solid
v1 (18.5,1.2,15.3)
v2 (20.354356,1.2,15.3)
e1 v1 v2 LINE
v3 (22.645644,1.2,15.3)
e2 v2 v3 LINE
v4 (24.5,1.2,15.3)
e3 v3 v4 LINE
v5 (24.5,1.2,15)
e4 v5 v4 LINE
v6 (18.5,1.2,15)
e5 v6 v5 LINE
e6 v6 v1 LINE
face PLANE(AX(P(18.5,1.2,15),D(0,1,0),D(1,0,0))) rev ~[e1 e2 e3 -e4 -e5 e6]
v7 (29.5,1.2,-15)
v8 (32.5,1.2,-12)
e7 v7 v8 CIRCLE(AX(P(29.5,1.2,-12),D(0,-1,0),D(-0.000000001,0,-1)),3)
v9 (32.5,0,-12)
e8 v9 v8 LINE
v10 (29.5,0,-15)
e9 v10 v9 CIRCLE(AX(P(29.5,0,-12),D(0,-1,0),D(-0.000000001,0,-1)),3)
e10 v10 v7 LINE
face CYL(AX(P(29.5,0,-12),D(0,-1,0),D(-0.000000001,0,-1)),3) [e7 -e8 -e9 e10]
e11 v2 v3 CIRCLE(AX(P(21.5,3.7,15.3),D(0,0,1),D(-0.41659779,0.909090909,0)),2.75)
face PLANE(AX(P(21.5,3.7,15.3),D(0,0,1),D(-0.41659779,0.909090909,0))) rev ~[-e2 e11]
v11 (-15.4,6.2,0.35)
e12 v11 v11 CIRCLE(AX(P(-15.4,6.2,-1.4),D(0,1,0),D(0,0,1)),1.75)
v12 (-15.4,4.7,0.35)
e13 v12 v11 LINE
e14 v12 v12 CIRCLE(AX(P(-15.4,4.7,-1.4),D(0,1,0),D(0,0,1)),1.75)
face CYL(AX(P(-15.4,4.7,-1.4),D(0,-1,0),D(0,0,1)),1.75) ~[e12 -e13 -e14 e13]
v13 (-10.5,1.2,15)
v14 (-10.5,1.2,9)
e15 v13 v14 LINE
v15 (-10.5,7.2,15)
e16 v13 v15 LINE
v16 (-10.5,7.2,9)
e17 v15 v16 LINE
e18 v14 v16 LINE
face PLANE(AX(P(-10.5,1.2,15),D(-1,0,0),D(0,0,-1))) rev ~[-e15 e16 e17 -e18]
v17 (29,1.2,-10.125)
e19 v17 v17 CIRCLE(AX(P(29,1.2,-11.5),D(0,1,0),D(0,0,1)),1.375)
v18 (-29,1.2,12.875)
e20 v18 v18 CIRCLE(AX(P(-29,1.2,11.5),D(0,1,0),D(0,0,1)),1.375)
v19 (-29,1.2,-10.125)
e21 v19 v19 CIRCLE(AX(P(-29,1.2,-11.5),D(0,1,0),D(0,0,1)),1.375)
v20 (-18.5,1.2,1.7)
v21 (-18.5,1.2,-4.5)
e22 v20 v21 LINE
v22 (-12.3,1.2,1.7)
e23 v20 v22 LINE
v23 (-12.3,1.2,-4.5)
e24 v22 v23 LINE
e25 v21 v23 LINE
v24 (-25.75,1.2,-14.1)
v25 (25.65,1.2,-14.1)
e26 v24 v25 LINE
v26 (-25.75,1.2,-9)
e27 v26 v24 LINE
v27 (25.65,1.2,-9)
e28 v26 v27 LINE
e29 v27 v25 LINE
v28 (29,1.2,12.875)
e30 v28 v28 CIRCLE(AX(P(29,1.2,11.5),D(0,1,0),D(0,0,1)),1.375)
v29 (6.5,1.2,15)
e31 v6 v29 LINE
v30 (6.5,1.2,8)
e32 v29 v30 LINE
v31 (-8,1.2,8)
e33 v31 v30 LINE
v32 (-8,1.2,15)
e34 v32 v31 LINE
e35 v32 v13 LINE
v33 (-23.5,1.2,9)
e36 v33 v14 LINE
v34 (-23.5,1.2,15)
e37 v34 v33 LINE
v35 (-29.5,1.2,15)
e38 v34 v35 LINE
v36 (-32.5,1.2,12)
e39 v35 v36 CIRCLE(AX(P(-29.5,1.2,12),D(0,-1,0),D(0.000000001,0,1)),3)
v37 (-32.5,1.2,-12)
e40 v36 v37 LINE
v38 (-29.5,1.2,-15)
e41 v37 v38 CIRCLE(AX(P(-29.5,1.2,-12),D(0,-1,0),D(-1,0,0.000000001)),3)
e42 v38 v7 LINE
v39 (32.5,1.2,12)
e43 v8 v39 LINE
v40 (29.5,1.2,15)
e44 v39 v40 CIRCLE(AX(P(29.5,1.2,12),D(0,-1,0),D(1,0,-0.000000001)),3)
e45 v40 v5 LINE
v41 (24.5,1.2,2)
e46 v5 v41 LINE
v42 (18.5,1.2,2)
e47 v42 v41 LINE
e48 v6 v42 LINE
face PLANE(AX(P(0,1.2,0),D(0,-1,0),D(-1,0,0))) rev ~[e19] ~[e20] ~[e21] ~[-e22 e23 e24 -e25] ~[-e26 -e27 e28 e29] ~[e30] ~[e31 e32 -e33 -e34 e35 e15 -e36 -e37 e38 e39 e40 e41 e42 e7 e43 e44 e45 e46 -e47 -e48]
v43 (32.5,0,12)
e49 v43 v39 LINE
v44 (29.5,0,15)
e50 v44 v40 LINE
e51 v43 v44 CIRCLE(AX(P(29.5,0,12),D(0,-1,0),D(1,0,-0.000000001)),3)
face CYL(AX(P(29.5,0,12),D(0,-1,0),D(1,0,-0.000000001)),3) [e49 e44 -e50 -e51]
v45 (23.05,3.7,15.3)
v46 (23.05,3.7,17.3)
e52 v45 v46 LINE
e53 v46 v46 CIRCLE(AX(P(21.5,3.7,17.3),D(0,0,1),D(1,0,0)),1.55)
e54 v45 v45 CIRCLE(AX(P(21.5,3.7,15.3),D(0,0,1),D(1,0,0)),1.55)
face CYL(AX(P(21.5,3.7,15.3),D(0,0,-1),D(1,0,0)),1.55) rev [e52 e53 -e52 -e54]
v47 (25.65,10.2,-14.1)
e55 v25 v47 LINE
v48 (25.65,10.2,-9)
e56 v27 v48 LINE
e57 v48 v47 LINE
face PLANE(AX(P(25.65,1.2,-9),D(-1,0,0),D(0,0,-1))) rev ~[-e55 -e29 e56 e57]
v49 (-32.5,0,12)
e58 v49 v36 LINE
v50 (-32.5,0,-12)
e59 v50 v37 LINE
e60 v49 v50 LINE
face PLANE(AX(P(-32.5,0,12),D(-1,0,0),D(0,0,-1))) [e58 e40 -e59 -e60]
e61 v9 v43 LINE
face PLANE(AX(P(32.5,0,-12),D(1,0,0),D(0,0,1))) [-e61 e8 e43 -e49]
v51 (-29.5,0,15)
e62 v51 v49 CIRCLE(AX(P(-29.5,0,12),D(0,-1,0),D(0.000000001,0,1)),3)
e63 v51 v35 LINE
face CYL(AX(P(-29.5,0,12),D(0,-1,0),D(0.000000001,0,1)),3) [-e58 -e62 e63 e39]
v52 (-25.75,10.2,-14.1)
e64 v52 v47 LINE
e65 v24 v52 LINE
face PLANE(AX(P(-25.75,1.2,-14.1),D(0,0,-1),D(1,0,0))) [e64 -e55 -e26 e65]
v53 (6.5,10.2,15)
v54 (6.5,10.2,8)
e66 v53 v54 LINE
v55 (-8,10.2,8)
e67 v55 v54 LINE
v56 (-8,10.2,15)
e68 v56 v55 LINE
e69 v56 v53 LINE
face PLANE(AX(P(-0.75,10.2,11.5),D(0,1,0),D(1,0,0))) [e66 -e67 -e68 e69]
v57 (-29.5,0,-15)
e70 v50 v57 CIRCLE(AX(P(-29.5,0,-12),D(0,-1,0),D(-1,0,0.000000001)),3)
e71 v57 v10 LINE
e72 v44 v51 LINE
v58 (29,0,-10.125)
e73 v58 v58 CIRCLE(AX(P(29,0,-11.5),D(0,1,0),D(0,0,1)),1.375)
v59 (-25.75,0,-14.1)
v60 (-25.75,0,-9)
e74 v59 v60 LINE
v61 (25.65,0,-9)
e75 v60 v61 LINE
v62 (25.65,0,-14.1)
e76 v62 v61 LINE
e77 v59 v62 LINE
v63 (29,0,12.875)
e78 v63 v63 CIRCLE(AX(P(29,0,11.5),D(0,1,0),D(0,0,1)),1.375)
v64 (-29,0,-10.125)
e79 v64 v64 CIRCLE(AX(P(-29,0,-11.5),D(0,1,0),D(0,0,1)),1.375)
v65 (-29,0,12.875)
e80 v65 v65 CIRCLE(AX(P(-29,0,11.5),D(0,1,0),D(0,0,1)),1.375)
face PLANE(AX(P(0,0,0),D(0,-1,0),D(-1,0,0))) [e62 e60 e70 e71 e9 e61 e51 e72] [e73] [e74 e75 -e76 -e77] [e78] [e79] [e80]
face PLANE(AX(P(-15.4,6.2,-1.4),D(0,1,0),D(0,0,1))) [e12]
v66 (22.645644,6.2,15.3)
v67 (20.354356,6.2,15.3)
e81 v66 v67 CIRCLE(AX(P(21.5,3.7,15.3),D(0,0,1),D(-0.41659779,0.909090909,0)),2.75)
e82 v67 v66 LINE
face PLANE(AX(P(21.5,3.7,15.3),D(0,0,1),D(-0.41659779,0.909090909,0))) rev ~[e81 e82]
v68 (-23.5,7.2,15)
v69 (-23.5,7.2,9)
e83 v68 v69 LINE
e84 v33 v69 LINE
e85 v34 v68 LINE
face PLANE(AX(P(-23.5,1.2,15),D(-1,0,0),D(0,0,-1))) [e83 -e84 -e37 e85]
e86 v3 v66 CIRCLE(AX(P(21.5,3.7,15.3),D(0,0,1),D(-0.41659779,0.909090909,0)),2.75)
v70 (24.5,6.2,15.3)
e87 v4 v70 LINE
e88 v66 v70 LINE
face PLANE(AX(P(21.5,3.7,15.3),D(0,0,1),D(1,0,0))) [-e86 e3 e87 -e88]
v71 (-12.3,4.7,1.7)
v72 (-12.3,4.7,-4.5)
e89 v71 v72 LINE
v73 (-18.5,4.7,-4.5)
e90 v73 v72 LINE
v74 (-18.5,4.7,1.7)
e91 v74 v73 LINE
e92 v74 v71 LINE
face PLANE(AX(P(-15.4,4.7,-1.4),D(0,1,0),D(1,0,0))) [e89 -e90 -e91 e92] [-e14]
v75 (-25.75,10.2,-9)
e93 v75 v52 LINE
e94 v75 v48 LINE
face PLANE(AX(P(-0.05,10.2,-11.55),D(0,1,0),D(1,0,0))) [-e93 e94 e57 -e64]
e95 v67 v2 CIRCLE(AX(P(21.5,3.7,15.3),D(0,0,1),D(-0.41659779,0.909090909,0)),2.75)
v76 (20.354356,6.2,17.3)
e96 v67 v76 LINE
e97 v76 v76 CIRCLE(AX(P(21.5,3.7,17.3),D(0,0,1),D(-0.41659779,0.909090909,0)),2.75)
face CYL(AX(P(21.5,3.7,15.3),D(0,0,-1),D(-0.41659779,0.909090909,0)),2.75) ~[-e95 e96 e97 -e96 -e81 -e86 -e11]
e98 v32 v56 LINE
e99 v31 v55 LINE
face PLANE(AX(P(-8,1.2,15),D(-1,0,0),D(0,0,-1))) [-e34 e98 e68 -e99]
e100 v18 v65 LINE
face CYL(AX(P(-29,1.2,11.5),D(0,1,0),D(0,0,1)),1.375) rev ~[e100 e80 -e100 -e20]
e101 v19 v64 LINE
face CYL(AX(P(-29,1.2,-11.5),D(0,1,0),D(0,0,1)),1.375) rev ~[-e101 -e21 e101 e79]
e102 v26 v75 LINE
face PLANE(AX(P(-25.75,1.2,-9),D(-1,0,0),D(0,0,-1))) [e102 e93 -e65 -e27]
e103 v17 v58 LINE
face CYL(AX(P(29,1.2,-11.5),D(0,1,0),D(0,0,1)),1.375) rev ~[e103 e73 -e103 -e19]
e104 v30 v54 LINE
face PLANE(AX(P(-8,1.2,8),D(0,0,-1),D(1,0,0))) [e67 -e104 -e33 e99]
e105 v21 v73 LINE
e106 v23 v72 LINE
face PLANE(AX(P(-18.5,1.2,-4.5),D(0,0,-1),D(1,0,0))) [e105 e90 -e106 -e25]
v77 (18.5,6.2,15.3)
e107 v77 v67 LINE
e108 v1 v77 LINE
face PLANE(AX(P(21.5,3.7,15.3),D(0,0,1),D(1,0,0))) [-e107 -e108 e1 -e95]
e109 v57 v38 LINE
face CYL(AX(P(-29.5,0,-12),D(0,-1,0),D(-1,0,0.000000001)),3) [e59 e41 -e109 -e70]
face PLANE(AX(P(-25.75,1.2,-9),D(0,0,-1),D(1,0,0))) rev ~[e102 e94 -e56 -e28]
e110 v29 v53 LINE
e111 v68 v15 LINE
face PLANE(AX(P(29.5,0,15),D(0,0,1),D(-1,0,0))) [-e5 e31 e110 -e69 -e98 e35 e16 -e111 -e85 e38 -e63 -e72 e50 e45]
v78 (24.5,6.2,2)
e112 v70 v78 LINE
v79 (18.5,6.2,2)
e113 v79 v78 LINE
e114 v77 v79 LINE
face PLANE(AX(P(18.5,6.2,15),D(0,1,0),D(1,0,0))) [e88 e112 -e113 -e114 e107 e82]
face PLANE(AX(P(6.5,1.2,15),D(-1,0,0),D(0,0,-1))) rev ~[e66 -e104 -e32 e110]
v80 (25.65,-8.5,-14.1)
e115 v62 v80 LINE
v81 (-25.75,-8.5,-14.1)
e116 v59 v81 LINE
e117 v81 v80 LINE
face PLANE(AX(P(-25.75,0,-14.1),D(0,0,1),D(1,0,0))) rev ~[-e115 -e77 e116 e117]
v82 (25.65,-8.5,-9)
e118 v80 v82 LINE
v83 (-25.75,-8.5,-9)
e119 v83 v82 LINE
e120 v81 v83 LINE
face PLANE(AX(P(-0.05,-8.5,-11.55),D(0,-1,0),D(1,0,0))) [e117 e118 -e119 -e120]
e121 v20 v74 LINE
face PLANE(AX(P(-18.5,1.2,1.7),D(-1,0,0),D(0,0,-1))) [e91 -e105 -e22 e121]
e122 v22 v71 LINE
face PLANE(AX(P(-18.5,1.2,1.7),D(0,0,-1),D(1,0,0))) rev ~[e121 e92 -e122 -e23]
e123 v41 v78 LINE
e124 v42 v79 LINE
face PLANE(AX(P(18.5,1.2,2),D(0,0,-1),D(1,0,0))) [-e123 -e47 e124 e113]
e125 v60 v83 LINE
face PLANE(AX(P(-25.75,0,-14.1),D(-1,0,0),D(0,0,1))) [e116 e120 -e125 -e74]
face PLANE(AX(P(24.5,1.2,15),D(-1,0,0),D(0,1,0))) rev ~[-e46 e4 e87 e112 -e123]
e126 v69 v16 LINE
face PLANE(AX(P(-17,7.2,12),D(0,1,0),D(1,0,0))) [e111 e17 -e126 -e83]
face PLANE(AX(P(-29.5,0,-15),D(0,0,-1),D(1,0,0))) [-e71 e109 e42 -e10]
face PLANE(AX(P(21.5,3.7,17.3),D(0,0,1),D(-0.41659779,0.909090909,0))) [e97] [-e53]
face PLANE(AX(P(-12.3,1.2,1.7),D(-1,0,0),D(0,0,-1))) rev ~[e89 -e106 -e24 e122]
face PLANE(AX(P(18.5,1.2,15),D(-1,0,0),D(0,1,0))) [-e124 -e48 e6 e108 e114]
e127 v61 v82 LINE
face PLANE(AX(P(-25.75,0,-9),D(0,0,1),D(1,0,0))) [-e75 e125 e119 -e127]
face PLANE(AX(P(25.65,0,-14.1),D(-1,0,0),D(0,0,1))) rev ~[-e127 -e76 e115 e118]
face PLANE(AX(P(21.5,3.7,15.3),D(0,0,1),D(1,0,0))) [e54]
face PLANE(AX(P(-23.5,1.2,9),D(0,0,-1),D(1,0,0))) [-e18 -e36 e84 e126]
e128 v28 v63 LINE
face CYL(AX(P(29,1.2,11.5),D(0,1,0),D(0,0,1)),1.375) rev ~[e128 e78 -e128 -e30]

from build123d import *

# Parameters (mm, degrees)
EXTRUDE_1_DEPTH     = 1.2
SKETCH_2_R          = 1.375
CUT_EXTRUDE_1_DEPTH = 1.2
SKETCH_3_W          = 6
SKETCH_3_H          = 13
EXTRUDE_2_DEPTH     = 5
SKETCH_4_W          = 6
SKETCH_4_H          = 5
EXTRUDE_3_DEPTH     = 0.3
SKETCH_5_W          = 14.5
SKETCH_5_H          = 7
EXTRUDE_4_DEPTH     = 9
SKETCH_6_W          = 13
SKETCH_6_H          = 6
EXTRUDE_5_DEPTH     = 6
SKETCH_11_W         = 51.4
SKETCH_11_H         = 5.1
EXTRUDE_9_DEPTH     = 8.5
SKETCH_12_W         = 6.2
SKETCH_12_H         = 6.2
EXTRUDE_10_DEPTH    = 3.5
SKETCH_13_R         = 1.75
EXTRUDE_11_DEPTH    = 1.5
SKETCH_15_R         = 2.75
SKETCH_15_R_2       = 1.55
EXTRUDE_13_DEPTH    = 2
SKETCH_16_W         = 51.4
SKETCH_16_H         = 5.1
EXTRUDE_14_DEPTH    = 9


with BuildPart() as part:
    # 草图1 → 凸台-拉伸1 (new body)
    with BuildSketch(Plane(origin=(0, 0, 0), x_dir=(1, 0, 0), z_dir=(0, 1, 0))):
        with BuildLine():
            Line((-29.5, 15), (29.5, 15))
            ThreePointArc((29.5, 15), (31.621320344, 14.121320344), (32.5, 12))
            Line((32.5, 12), (32.5, -12))
            ThreePointArc((32.5, -12), (31.621320344, -14.121320344), (29.5, -15))
            Line((29.5, -15), (-29.5, -15))
            ThreePointArc((-29.5, -15), (-31.621320344, -14.121320344), (-32.5, -12))
            Line((-32.5, -12), (-32.5, 12))
            ThreePointArc((-32.5, 12), (-31.621320344, 14.121320344), (-29.5, 15))
        make_face()
    extrude(amount=EXTRUDE_1_DEPTH)

    # 草图2 → 切除-拉伸1 (cut)
    with BuildSketch(Plane(origin=(0, 1.2, 0), x_dir=(1, 0, 0), z_dir=(0, 1, 0))):
        with Locations(Location((29, -11.5, 0), (0, 0, 270))):
            Circle(SKETCH_2_R)
        with Locations(Location((29, 11.5, 0), (0, 0, 270))):
            Circle(SKETCH_2_R)
        with Locations(Location((-29, -11.5, 0), (0, 0, 270))):
            Circle(SKETCH_2_R)
        with Locations(Location((-29, 11.5, 0), (0, 0, 270))):
            Circle(SKETCH_2_R)
    extrude(amount=-CUT_EXTRUDE_1_DEPTH, mode=Mode.SUBTRACT)

    # 草图3 → 凸台-拉伸2 (add)
    with BuildSketch(Plane(origin=(0, 1.2, 0), x_dir=(1, 0, 0), z_dir=(0, 1, 0))):
        with Locations((21.5, -8.5)):
            Rectangle(SKETCH_3_W, SKETCH_3_H)
    extrude(amount=EXTRUDE_2_DEPTH)

    # 草图4 → 凸台-拉伸3 (add)
    with BuildSketch(Plane.XY.offset(15)):
        with Locations((21.5, 3.7)):
            Rectangle(SKETCH_4_W, SKETCH_4_H)
    extrude(amount=EXTRUDE_3_DEPTH)

    # 草图5 → 凸台-拉伸4 (add)
    with BuildSketch(Plane(origin=(0, 1.2, 0), x_dir=(1, 0, 0), z_dir=(0, 1, 0))):
        with Locations((-0.75, -11.5)):
            Rectangle(SKETCH_5_W, SKETCH_5_H)
    extrude(amount=EXTRUDE_4_DEPTH)

    # 草图6 → 凸台-拉伸5 (add)
    with BuildSketch(Plane(origin=(0, 1.2, 0), x_dir=(1, 0, 0), z_dir=(0, 1, 0))):
        with Locations((-17, -12)):
            Rectangle(SKETCH_6_W, SKETCH_6_H)
    extrude(amount=EXTRUDE_5_DEPTH)

    # 草图11 → 凸台-拉伸9 (add)
    with BuildSketch(Plane.XZ):
        with Locations((-0.05, -11.55)):
            Rectangle(SKETCH_11_W, SKETCH_11_H)
    extrude(amount=EXTRUDE_9_DEPTH)

    # 草图12 → 凸台-拉伸10 (add)
    with BuildSketch(Plane(origin=(0, 1.2, 0), x_dir=(1, 0, 0), z_dir=(0, 1, 0))):
        with Locations((-15.4, 1.4)):
            Rectangle(SKETCH_12_W, SKETCH_12_H)
    extrude(amount=EXTRUDE_10_DEPTH)

    # 草图13 → 凸台-拉伸11 (add)
    with BuildSketch(Plane(origin=(0, 4.7, 0), x_dir=(1, 0, 0), z_dir=(0, 1, 0))):
        with Locations(Location((-15.4, 1.4, 0), (0, 0, 270))):
            Circle(SKETCH_13_R)
    extrude(amount=EXTRUDE_11_DEPTH)

    # 草图15 → 凸台-拉伸13 (add)
    with BuildSketch(Plane.XY.offset(15.3)):
        with Locations(Location((21.5, 3.7, 0), (0, 0, 114.619977329))):
            Circle(SKETCH_15_R)
        with Locations((21.5, 3.7)):
            Circle(SKETCH_15_R_2, mode=Mode.SUBTRACT)
    extrude(amount=EXTRUDE_13_DEPTH)

    # 草图16 → 凸台-拉伸14 (add)
    with BuildSketch(Plane(origin=(0, 1.2, 0), x_dir=(1, 0, 0), z_dir=(0, 1, 0))):
        with Locations((-0.05, 11.55)):
            Rectangle(SKETCH_16_W, SKETCH_16_H)
    extrude(amount=EXTRUDE_14_DEPTH)


solid = part.part
